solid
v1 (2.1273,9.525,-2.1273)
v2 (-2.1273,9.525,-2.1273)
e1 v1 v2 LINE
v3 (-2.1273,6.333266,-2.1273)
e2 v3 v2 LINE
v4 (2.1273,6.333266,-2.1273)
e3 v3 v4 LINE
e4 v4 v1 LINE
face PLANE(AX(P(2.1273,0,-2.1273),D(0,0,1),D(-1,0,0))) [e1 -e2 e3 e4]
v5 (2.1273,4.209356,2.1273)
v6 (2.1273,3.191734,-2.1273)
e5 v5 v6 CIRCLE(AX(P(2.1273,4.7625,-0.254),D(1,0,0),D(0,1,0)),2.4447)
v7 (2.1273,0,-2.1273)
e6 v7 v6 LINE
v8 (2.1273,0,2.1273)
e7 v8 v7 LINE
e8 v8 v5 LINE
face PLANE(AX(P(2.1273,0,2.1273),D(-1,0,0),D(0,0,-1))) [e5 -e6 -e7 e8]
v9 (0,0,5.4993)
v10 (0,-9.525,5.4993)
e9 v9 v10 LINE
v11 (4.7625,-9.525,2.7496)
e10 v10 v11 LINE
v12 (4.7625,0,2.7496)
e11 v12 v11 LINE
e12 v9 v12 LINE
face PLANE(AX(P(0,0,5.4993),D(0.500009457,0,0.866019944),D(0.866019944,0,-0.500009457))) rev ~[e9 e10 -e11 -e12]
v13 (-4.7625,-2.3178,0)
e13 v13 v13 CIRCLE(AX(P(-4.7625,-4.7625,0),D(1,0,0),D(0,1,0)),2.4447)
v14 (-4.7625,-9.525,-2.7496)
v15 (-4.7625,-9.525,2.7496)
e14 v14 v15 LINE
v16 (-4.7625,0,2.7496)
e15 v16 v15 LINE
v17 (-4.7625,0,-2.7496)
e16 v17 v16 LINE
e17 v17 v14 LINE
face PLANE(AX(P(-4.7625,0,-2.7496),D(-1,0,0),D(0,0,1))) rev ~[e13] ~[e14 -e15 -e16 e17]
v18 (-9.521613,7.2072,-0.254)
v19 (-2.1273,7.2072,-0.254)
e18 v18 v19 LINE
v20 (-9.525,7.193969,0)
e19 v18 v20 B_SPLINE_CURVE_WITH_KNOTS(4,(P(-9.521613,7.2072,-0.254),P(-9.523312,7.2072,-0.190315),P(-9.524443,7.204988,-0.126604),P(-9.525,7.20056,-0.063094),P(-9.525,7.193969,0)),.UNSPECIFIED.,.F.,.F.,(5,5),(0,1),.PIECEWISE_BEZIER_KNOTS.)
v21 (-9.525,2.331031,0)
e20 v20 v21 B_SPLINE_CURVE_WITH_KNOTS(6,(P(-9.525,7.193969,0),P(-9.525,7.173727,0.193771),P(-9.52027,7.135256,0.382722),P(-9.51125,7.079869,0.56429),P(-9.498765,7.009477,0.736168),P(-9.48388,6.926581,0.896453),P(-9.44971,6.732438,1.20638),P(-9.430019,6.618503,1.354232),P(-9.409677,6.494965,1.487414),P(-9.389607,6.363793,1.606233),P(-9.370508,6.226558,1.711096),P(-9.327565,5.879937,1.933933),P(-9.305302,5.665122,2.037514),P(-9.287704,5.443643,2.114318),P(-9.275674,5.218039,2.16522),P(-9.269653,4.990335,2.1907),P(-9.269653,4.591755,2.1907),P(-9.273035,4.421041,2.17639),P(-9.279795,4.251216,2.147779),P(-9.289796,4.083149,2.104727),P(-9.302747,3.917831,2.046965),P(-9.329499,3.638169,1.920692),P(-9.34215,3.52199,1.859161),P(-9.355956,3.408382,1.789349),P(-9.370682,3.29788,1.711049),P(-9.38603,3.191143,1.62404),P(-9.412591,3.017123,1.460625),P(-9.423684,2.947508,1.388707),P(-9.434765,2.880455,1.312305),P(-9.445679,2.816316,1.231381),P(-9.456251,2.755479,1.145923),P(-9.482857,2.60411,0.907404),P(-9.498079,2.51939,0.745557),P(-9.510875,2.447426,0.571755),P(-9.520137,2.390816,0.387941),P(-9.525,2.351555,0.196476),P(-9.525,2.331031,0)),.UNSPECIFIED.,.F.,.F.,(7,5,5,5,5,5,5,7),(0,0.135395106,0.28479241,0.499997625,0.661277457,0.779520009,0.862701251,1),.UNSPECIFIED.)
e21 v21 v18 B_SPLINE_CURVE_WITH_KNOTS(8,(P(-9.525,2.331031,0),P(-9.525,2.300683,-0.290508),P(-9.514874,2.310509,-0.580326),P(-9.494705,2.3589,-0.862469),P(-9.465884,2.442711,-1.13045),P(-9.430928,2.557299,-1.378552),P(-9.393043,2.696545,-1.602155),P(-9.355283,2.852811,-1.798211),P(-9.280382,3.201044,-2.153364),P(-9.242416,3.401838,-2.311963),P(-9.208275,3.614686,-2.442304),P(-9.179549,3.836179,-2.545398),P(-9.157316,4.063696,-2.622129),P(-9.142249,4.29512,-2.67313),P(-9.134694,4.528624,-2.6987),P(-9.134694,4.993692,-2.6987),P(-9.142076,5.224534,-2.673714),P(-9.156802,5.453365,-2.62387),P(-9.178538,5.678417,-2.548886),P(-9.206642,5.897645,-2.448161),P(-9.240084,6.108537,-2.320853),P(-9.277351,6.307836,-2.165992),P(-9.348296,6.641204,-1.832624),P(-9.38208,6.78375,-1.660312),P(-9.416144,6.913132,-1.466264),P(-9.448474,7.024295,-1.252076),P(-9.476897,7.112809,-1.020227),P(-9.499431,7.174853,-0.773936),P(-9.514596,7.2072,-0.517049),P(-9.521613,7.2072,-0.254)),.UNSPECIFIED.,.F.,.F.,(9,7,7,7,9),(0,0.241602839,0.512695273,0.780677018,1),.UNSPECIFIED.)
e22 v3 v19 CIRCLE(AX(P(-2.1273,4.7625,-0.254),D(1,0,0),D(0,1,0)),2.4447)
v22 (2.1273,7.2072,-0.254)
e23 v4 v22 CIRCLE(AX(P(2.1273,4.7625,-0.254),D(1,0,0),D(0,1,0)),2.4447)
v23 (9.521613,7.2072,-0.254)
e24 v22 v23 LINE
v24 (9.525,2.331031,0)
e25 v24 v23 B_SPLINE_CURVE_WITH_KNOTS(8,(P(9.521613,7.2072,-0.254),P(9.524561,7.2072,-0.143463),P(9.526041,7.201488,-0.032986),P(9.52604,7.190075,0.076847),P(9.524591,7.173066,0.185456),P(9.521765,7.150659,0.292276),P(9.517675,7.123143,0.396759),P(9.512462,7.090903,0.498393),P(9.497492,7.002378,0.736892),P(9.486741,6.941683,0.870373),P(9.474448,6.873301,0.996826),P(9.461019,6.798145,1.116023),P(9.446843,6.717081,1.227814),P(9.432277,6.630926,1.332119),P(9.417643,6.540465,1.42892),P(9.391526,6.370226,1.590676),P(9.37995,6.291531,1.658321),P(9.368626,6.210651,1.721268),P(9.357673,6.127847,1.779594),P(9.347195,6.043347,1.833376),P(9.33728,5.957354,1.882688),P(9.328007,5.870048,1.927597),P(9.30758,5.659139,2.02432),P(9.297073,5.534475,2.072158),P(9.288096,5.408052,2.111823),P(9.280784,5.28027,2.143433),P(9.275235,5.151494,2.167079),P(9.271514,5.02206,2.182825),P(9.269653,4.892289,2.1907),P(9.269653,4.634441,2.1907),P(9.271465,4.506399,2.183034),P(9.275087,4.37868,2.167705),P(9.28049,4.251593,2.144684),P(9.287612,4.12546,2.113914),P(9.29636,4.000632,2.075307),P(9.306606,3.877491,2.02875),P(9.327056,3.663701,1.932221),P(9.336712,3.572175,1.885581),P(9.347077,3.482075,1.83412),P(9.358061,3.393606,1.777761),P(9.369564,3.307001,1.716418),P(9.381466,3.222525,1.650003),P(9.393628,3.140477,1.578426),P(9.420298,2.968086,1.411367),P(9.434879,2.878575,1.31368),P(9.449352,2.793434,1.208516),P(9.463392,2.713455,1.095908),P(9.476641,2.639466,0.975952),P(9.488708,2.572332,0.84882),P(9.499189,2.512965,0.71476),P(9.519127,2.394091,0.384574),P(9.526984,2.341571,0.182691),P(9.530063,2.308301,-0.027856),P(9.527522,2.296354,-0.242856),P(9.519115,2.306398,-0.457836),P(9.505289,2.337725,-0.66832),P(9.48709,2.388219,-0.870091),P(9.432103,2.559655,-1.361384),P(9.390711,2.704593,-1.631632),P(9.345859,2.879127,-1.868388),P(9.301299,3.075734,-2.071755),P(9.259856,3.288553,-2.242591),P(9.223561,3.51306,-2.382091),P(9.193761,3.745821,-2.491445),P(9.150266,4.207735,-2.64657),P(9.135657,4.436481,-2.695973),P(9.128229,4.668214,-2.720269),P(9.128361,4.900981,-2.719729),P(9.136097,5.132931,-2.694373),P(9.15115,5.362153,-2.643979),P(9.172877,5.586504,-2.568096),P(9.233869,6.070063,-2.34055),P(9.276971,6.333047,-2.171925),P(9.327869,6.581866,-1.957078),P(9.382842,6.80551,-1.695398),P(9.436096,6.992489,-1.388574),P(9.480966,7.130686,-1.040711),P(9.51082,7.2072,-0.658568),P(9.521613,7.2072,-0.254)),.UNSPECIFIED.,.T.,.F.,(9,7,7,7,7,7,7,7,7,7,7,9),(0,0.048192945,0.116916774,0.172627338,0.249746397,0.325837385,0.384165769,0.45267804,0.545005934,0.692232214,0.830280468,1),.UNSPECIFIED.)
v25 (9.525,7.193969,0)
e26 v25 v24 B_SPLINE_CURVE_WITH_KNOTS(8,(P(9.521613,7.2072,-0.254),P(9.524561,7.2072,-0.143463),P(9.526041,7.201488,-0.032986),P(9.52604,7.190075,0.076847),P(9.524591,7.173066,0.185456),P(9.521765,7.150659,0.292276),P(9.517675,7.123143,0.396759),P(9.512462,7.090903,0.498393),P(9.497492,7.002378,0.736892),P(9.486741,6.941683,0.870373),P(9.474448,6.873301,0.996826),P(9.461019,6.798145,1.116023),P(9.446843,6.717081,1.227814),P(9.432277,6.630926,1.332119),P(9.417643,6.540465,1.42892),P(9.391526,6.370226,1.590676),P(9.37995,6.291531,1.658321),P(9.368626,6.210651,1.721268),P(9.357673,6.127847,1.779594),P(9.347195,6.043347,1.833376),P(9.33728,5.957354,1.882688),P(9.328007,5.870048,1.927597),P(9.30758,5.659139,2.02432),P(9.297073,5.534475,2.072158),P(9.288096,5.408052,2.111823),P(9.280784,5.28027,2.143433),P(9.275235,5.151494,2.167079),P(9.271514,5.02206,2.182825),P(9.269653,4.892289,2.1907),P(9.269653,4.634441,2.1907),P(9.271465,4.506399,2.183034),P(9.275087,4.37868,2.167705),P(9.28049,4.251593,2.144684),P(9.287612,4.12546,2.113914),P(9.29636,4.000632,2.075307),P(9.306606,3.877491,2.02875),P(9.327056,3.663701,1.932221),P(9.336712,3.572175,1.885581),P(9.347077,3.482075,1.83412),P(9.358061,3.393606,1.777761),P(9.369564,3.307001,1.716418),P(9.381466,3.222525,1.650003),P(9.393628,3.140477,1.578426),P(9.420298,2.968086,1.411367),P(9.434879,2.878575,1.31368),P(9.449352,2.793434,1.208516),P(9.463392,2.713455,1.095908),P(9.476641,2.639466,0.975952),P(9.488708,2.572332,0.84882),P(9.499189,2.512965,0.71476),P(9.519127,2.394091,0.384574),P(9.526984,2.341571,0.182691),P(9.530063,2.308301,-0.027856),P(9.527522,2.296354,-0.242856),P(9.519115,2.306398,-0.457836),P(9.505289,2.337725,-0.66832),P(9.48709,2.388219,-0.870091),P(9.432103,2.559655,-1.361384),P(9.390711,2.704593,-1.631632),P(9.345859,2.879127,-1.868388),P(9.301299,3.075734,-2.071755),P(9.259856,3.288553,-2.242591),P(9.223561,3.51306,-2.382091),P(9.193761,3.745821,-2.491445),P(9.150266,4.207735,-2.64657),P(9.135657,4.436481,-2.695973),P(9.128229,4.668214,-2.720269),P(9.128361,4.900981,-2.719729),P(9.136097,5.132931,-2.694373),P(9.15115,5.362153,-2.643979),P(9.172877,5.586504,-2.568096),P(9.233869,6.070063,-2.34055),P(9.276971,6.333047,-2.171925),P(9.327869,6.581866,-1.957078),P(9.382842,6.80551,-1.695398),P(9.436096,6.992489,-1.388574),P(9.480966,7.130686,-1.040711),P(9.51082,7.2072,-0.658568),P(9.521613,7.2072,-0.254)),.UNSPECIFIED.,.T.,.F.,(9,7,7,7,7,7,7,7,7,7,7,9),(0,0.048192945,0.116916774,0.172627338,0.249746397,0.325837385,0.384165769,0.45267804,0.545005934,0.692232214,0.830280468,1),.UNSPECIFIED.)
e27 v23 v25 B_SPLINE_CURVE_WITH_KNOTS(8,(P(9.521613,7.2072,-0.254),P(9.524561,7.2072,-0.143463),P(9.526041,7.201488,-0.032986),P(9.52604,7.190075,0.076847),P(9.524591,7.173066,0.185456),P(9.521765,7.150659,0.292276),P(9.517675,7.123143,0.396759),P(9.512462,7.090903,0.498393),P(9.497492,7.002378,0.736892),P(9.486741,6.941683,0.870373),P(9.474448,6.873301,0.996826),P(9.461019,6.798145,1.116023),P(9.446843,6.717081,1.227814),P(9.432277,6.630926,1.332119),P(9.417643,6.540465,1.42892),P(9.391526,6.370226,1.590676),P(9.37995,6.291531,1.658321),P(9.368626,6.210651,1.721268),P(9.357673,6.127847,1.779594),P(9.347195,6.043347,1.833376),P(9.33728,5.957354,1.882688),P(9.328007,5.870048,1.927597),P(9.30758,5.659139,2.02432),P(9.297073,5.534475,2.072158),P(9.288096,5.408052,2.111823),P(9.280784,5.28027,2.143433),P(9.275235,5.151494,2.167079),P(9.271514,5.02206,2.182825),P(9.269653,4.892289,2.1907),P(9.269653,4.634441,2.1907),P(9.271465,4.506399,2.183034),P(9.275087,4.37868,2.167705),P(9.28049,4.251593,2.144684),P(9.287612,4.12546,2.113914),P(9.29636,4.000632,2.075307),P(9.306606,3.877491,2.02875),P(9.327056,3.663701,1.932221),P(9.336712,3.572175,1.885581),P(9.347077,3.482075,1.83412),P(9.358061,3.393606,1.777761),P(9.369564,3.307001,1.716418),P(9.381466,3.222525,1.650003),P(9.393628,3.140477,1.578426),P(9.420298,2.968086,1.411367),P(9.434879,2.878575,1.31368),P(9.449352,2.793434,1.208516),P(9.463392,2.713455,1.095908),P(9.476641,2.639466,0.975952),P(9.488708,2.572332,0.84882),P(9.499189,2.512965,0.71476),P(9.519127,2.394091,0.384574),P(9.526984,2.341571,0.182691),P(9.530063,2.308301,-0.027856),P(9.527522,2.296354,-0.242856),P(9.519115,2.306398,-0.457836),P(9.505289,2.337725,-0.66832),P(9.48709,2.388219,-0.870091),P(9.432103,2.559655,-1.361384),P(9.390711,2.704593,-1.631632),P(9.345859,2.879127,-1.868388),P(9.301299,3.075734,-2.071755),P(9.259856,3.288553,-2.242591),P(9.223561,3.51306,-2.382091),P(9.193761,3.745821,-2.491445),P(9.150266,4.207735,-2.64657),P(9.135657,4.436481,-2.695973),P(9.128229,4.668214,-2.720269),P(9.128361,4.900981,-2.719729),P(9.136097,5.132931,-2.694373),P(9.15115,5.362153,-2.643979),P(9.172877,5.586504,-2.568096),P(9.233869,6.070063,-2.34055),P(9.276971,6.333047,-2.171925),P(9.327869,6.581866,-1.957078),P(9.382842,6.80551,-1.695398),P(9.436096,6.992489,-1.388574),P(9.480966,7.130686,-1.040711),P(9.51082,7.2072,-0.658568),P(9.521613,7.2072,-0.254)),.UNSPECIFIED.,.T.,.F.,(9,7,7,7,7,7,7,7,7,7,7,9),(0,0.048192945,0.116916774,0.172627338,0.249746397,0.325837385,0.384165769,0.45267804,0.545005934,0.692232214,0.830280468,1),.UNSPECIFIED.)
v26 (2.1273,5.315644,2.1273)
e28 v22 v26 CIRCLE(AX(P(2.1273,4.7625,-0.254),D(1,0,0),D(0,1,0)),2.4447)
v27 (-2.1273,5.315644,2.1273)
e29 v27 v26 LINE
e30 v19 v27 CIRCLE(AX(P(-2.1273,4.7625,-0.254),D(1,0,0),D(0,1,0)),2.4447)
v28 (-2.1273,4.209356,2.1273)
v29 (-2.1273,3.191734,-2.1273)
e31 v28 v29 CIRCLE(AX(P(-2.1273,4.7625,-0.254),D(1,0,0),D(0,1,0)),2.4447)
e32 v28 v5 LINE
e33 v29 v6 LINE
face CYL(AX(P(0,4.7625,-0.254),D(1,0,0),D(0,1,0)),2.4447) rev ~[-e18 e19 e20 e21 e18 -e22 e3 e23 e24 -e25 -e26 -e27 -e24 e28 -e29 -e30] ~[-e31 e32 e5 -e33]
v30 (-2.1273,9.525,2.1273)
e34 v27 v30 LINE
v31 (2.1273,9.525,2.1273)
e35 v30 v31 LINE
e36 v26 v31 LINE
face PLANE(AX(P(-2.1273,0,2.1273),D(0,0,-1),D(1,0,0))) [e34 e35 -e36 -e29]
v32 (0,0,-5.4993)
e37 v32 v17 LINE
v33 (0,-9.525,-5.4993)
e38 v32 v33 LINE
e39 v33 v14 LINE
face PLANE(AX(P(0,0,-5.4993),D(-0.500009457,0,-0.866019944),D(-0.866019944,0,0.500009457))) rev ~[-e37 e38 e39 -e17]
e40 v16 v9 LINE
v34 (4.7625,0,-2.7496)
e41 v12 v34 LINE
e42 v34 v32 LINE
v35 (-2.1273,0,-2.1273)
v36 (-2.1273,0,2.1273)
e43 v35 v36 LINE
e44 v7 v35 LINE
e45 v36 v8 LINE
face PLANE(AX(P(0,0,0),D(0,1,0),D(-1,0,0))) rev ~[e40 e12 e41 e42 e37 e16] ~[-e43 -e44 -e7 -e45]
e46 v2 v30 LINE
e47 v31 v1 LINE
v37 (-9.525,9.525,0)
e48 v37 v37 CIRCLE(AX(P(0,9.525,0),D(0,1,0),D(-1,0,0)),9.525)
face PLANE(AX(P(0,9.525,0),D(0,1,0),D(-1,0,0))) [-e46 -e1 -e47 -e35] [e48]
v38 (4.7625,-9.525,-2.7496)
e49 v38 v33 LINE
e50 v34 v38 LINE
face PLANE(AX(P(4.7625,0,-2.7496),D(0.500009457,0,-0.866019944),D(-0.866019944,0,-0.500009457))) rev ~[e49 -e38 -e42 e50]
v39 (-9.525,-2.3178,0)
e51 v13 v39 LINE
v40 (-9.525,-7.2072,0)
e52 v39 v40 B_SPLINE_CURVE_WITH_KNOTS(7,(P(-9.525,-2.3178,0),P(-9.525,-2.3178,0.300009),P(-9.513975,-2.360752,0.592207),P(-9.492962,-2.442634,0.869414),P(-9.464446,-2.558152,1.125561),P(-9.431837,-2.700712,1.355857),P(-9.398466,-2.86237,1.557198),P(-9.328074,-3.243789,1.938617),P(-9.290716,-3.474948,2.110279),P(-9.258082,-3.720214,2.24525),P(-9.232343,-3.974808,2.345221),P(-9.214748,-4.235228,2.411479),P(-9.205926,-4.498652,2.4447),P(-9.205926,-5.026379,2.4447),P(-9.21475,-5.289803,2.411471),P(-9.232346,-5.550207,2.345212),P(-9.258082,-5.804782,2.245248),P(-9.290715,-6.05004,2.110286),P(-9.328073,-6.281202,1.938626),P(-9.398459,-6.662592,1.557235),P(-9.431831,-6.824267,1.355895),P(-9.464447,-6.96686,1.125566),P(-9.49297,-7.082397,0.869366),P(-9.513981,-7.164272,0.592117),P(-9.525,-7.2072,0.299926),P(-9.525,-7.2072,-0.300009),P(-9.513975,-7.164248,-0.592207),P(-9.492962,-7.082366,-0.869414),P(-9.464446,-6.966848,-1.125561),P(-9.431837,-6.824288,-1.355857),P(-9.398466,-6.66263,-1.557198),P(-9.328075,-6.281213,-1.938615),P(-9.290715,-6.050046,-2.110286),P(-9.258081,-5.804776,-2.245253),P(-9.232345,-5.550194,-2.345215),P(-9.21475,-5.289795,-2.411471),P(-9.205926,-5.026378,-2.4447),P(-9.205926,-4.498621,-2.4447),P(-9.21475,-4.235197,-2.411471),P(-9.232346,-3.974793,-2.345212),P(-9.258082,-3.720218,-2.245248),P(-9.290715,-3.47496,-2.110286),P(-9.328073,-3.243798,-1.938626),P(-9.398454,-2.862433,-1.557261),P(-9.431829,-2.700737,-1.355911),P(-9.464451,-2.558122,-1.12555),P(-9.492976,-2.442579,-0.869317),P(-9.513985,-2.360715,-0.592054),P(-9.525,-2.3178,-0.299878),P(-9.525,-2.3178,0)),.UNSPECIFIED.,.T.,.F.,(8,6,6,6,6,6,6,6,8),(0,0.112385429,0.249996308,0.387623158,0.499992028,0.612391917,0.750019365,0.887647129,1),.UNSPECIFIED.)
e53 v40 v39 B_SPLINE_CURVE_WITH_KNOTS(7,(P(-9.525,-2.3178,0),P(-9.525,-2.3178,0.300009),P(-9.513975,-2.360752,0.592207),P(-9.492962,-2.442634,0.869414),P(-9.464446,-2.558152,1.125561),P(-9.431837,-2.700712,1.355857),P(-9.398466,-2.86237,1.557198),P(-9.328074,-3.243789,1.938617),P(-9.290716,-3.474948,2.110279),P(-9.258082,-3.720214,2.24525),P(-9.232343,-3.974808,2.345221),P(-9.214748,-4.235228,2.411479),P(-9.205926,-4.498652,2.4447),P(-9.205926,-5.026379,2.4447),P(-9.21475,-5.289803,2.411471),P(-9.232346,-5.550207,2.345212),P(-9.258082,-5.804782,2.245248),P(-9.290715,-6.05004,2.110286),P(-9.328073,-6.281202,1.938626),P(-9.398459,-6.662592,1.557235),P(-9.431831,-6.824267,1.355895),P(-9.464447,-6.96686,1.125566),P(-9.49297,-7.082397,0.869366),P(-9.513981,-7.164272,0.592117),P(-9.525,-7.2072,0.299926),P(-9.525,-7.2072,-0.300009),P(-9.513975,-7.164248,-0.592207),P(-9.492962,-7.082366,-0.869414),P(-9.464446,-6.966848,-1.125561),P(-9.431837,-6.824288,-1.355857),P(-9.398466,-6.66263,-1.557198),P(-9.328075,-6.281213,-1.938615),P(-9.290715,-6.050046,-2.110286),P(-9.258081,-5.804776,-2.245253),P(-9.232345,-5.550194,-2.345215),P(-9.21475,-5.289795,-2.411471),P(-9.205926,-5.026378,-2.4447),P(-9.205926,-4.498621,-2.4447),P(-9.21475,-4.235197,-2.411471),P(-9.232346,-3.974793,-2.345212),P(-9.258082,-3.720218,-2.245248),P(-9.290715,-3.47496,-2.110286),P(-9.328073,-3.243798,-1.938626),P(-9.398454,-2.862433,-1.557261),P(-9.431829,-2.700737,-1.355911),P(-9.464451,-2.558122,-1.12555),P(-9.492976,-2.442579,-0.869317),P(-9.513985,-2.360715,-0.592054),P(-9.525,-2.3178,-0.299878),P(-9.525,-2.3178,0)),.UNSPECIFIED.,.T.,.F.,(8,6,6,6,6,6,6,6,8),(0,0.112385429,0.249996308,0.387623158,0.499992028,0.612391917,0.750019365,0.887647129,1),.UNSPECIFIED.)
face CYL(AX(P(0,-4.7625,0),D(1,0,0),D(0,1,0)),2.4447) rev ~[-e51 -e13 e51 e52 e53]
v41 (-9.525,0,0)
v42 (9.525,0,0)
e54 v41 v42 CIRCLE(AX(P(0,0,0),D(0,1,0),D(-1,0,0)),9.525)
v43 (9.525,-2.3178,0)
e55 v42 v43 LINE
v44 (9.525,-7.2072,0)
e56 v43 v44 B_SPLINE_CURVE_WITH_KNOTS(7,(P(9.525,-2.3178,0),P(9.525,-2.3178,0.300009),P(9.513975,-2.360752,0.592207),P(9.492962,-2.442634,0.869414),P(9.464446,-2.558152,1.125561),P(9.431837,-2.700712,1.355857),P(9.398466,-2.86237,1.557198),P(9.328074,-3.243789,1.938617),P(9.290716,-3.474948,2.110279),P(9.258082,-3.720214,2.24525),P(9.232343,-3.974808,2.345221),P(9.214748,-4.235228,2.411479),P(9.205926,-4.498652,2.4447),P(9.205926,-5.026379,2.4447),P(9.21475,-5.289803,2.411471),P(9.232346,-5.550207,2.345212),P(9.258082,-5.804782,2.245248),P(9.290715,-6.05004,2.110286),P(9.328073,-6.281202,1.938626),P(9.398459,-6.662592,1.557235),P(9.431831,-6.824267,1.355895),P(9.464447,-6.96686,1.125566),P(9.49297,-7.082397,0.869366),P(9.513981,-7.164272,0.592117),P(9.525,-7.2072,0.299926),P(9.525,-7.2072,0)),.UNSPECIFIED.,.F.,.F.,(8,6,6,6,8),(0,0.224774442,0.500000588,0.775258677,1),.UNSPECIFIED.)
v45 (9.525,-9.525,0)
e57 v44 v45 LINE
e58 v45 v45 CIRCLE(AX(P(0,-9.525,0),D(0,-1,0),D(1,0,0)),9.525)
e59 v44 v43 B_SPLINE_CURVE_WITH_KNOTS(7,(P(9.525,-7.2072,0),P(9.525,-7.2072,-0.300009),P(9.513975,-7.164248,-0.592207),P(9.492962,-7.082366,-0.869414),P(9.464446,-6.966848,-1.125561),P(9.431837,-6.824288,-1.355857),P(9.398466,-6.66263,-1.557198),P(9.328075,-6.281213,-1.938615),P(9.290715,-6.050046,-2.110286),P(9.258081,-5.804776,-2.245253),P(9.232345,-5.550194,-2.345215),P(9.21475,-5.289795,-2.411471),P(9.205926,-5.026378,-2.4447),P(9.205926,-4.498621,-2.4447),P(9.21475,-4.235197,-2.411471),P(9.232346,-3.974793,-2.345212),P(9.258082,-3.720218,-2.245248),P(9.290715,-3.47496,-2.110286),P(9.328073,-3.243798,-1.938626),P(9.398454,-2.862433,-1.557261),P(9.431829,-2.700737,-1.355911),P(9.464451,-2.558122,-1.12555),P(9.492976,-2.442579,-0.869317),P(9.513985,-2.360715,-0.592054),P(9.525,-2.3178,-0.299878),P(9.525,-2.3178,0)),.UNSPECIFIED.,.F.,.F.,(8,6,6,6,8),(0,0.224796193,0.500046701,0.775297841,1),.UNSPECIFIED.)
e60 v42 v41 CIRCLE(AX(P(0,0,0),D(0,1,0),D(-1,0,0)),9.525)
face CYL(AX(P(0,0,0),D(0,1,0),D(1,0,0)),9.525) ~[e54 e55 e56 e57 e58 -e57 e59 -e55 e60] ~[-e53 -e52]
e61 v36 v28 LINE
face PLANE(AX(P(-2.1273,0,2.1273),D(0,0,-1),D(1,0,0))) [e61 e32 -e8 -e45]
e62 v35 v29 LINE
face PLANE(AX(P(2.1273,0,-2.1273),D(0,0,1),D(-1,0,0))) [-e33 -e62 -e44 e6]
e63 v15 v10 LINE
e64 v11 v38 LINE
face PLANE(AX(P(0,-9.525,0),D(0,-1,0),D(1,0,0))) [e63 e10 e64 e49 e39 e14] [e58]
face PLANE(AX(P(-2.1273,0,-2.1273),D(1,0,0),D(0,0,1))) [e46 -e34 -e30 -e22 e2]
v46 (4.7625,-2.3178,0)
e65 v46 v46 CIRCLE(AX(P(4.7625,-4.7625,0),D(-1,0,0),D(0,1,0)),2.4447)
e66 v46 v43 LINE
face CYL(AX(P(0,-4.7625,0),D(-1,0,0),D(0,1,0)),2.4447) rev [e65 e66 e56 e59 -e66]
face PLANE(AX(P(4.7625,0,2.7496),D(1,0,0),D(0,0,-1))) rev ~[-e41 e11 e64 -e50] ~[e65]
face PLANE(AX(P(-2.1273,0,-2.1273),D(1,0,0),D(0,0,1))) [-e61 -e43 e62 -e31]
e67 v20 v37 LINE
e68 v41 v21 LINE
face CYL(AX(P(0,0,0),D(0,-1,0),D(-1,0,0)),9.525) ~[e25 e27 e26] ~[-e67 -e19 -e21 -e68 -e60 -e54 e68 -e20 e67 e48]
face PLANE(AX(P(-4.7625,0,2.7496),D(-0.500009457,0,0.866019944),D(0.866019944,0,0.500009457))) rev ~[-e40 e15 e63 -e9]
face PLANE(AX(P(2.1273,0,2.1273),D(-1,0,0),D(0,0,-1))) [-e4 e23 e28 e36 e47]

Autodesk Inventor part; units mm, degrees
ref_plane "YZ Plane" through (0, 0, 0) normal (1, 0, 0) x (0, 1, 0)
ref_plane "XZ Plane" through (0, 0, 0) normal (0, 1, 0) x (-1, 0, 0)
ref_plane "XY Plane" through (0, 0, 0) normal (0, 0, 1) x (1, 0, 0)
sketch "Sketch1" plane through (0, 0, 0) normal (0, 1, 0) x (-1, 0, 0)
  line L0 (2.1273, 2.1273) -> (-2.1273, 2.1273)
  line L1 (-2.1273, 2.1273) -> (-2.1273, -2.1273)
  line L2 (-2.1273, -2.1273) -> (2.1273, -2.1273)
  line L3 (2.1273, -2.1273) -> (2.1273, 2.1273)
  circle A0 centre (0, 0) radius 9.525
  point P0 (2.1273, 0)
  point P1 (0, -2.1272)
  dimension "d0" = 4.2545
  dimension "d1" = 19.05
extrude "Extrusion1" add sketch "Sketch1" along normal blind 9.525
sketch "Sketch2" plane through (0, 0, 0) normal (0, -1, 0) x (1, 0, 0)
  line L0 (-4.7625, 2.7496) -> (0, 5.4993)
  line L1 (0, 5.4993) -> (4.7625, 2.7496)
  line L2 (4.7625, 2.7496) -> (4.7625, -2.7496)
  line L3 (4.7625, -2.7496) -> (0, -5.4993)
  line L4 (0, -5.4993) -> (-4.7625, -2.7496)
  line L5 (-4.7625, -2.7496) -> (-4.7625, 2.7496)
  circle A0 centre (0, 0) radius 9.525 projected
  dimension "d4" = 9.525
extrude "Extrusion2" add sketch "Sketch2" along normal blind 9.525
sketch "Sketch3" plane through (0, 0, 0) normal (1, 0, 0) x (0, 1, 0)
  circle A0 centre (-4.7625, 0) radius 2.4447
  circle A1 centre (4.7625, -0.254) radius 2.4447
  line L0 (0, 2.1273) -> (9.525, 2.1273) projected
  line L1 (0, 2.7496) -> (-9.525, 2.7496) projected
  point P0 (0, 0)
  point P1 (-4.7625, 2.7496)
  point P2 (4.7625, 2.1273)
  dimension "d7" = 4.8895
  dimension "d8" = 4.8895
extrude "Extrusion3" cut sketch "Sketch3" along normal mid plane 19.05
